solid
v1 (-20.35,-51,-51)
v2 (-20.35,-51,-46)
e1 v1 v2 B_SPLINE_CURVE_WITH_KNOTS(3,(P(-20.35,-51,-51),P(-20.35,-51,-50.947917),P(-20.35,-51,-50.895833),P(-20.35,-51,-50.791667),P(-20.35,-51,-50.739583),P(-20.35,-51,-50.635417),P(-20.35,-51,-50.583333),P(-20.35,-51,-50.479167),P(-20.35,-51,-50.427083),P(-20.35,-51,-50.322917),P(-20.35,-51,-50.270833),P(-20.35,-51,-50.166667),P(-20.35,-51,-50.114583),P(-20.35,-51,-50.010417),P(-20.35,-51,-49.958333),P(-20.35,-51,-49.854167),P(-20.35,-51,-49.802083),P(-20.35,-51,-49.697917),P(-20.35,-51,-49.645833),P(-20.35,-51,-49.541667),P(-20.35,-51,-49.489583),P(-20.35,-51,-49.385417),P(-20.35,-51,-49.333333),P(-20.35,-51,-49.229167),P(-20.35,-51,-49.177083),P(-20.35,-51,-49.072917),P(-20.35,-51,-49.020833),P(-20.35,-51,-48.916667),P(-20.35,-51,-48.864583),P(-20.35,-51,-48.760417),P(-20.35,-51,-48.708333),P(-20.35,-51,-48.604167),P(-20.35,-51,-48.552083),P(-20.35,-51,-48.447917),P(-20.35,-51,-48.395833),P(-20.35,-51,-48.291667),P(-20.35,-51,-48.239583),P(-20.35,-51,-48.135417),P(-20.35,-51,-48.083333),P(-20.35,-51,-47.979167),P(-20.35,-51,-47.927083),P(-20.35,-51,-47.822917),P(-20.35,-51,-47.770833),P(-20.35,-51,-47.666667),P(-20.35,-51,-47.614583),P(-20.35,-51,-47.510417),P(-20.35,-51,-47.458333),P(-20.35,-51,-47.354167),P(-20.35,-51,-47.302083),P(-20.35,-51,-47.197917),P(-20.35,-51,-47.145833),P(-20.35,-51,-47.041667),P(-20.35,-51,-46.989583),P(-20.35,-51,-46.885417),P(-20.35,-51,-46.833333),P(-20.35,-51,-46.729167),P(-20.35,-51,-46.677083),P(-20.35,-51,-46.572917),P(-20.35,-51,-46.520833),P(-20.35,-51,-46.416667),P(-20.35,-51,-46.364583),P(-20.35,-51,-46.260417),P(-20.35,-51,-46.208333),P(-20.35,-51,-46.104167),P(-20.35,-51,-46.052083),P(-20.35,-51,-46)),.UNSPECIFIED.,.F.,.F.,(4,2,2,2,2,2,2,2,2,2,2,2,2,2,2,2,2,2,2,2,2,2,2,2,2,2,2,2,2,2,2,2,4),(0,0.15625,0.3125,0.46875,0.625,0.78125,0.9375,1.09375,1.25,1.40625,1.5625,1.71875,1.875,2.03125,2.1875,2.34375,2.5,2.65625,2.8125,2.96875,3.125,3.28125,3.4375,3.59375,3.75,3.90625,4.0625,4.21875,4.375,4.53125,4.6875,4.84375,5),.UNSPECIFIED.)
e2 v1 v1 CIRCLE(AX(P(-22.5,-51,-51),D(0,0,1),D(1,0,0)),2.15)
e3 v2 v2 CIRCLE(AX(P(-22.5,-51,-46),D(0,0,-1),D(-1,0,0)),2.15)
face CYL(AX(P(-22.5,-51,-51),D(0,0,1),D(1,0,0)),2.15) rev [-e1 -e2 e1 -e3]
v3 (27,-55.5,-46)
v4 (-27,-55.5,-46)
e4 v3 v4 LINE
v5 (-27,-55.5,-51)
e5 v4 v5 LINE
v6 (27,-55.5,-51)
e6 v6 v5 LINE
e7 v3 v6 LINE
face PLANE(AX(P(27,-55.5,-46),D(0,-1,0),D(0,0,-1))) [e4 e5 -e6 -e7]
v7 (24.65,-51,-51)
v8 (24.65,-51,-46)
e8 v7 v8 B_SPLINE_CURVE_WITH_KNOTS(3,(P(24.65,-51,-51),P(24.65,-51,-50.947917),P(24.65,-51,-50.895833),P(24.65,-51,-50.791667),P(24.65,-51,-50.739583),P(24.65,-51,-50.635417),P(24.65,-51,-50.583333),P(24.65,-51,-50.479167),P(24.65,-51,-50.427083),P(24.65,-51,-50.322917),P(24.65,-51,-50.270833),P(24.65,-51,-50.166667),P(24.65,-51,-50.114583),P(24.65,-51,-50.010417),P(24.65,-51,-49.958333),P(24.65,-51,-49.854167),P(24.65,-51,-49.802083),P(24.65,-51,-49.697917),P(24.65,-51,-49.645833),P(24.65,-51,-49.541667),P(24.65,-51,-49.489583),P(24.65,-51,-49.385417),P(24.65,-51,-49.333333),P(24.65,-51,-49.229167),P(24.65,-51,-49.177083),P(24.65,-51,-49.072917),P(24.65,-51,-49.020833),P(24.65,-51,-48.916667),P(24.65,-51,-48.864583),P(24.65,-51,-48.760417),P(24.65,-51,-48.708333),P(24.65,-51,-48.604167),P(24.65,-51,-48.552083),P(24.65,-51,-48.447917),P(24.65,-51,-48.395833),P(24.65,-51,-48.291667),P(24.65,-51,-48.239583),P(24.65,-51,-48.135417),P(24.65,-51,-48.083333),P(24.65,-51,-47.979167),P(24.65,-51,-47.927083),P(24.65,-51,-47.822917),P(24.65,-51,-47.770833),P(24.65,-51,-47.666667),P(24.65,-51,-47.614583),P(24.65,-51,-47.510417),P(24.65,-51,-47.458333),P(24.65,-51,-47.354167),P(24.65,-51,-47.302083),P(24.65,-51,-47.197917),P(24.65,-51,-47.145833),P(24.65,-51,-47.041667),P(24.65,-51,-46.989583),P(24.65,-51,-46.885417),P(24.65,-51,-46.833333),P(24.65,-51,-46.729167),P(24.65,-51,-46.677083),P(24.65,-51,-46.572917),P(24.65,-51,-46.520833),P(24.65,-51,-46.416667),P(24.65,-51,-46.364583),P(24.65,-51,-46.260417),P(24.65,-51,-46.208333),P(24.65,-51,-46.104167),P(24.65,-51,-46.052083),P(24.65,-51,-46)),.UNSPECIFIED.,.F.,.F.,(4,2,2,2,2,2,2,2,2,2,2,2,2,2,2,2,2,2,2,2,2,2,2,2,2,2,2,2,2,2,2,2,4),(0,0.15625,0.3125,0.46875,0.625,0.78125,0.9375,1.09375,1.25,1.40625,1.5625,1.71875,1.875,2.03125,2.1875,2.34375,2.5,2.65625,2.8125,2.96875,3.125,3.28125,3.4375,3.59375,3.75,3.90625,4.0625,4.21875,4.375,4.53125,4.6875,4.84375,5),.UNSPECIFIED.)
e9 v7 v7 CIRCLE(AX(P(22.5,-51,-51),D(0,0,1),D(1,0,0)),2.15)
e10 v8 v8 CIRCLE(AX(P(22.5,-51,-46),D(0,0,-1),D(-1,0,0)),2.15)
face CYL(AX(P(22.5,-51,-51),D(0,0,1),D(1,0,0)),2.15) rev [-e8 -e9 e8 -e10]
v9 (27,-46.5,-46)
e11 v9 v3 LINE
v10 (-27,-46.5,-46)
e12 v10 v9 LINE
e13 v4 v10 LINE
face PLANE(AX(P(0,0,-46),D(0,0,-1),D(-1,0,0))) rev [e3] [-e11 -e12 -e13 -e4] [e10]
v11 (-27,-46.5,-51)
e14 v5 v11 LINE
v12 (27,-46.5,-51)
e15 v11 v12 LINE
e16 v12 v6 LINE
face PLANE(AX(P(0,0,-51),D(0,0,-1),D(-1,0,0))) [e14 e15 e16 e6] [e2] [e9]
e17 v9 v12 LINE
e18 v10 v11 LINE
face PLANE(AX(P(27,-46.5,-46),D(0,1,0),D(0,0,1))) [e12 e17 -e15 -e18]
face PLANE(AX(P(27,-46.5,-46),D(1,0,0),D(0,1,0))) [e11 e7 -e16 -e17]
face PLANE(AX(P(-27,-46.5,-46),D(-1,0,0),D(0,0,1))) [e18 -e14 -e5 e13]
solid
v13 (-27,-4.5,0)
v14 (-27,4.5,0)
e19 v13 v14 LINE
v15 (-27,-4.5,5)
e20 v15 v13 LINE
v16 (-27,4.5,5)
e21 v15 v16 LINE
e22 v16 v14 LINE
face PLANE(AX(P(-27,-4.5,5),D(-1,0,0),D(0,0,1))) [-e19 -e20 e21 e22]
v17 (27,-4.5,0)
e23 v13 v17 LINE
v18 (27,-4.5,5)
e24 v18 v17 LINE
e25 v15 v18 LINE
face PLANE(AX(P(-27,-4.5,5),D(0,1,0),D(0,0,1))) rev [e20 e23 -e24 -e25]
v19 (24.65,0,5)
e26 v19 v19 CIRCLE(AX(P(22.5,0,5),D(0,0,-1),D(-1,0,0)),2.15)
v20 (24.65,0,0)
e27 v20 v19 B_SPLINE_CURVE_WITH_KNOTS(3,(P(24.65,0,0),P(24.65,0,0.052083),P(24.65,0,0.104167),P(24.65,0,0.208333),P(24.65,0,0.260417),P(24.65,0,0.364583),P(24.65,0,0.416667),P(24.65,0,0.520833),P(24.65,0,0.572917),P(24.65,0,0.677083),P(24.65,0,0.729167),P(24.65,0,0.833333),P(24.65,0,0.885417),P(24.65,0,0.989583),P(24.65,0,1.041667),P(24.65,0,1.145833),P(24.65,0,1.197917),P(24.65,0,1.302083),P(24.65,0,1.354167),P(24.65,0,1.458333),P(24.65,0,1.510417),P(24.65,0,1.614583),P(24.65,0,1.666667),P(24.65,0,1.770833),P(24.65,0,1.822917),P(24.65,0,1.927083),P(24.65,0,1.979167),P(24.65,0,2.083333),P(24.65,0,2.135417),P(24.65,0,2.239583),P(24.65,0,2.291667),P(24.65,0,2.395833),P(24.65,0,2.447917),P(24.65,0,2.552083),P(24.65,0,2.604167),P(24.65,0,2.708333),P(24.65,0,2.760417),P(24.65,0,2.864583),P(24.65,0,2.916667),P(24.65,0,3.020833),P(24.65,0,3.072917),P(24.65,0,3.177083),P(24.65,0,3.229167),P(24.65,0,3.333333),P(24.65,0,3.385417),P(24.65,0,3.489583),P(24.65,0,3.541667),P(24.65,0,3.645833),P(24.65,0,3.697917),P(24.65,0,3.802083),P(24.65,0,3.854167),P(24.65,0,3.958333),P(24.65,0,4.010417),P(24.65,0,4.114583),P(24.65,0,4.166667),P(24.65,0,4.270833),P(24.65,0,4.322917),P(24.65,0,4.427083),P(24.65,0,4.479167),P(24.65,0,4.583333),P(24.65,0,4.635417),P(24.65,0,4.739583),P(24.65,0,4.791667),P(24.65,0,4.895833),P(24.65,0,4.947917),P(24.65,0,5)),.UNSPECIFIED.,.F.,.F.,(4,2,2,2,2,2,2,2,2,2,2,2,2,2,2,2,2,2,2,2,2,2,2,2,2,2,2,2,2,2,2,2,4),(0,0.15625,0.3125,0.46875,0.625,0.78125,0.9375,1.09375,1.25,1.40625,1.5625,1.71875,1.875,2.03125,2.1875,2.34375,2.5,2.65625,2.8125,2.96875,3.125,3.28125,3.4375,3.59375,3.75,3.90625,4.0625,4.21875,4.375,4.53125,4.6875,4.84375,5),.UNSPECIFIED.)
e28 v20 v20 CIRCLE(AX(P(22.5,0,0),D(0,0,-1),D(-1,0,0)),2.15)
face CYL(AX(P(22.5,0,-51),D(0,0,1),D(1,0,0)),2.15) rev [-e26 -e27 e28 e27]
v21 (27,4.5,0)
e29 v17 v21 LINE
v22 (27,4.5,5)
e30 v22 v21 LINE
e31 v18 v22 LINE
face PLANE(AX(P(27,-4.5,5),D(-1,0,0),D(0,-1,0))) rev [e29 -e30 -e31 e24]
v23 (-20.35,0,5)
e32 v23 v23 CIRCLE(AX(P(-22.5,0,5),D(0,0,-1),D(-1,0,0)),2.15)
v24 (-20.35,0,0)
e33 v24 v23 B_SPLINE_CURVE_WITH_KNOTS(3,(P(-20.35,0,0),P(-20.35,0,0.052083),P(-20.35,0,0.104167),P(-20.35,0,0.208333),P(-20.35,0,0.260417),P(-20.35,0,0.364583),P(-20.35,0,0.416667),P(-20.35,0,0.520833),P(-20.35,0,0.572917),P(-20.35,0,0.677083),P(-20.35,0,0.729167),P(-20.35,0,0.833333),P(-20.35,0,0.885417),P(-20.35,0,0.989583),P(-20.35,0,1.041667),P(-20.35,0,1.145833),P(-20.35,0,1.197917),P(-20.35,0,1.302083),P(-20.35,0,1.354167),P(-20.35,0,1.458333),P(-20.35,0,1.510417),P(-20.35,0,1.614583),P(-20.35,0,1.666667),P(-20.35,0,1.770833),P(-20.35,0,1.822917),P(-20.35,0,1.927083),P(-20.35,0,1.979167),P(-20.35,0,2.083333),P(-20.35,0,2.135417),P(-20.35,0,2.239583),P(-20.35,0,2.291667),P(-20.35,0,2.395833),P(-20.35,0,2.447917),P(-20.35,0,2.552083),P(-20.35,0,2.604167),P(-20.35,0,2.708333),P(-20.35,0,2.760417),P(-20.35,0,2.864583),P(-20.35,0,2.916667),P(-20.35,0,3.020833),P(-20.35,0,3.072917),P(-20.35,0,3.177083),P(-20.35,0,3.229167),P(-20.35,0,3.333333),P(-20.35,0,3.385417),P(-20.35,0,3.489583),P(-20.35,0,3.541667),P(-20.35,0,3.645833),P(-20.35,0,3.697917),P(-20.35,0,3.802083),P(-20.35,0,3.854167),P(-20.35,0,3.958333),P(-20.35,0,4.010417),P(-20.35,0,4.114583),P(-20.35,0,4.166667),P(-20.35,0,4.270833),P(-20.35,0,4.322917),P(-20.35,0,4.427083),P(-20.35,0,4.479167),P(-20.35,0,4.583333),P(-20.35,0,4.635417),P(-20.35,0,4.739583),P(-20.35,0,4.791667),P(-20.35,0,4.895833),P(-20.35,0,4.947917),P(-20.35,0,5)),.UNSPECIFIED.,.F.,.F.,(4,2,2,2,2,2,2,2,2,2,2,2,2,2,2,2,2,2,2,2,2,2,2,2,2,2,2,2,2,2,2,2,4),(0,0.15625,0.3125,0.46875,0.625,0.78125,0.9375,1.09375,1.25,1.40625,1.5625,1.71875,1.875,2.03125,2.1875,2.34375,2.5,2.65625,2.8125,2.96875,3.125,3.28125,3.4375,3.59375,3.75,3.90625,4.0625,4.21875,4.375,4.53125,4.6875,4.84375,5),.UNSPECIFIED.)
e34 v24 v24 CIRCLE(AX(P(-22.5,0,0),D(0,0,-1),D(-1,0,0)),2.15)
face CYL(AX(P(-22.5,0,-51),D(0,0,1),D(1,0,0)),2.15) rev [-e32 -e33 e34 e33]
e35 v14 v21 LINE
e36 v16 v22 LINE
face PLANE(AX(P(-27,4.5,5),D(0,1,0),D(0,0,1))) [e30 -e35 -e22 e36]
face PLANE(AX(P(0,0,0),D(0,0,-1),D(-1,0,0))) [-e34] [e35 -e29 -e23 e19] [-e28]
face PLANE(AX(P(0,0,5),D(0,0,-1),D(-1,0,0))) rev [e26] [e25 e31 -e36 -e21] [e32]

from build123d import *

# Parameters (mm, degrees)
SKETCH1_W               = 54
SKETCH1_H               = 9
BOSS_EXTRUDE3_DEPTH     = 5
SKETCH2_W               = 54
SKETCH2_H               = 9
BOSS_EXTRUDE4_DEPTH     = 5
CUT_EXTRUDE1_DEPTH      = 84.338166527
CUT_EXTRUDE1_DEPTH_BACK = 84.338166527
SKETCH3_R               = 2.15


with BuildPart() as part:
    # Sketch1 → Boss-Extrude3 (new body)
    with BuildSketch(Plane.XY):
        Rectangle(SKETCH1_W, SKETCH1_H)
    extrude(amount=BOSS_EXTRUDE3_DEPTH)


with BuildPart() as body_2:
    # Sketch2 → Boss-Extrude4 (new body)
    with BuildSketch(Plane(origin=(0, 0, -51), x_dir=(-1, 0, 0), z_dir=(0, 0, -1))):
        with Locations((0, -51)):
            Rectangle(SKETCH2_W, SKETCH2_H)
    extrude(amount=-BOSS_EXTRUDE4_DEPTH)


with BuildPart() as cut_extrude1_tool:
    # Sketch3 → Cut-Extrude1 (new, two sides: drawn at the far end of the back side and taken through both)
    with BuildSketch(Plane.XY.offset(5).offset(-CUT_EXTRUDE1_DEPTH_BACK)):
        with Locations((22.5, 0)):
            Circle(SKETCH3_R)
        with Locations((-22.5, 0)):
            Circle(SKETCH3_R)
        with Locations((-22.5, -51)):
            Circle(SKETCH3_R)
        with Locations((22.5, -51)):
            Circle(SKETCH3_R)
    extrude(amount=CUT_EXTRUDE1_DEPTH + CUT_EXTRUDE1_DEPTH_BACK)


with BuildPart() as part_1:
    add(part.part)

    # Cut-Extrude1: cut by cut_extrude1_tool
    add(cut_extrude1_tool.part, mode=Mode.SUBTRACT)


with BuildPart() as body_2_1:
    add(body_2.part)

    # Cut-Extrude1: cut by cut_extrude1_tool
    add(cut_extrude1_tool.part, mode=Mode.SUBTRACT)


solid = Compound([part_1.part, body_2_1.part])
